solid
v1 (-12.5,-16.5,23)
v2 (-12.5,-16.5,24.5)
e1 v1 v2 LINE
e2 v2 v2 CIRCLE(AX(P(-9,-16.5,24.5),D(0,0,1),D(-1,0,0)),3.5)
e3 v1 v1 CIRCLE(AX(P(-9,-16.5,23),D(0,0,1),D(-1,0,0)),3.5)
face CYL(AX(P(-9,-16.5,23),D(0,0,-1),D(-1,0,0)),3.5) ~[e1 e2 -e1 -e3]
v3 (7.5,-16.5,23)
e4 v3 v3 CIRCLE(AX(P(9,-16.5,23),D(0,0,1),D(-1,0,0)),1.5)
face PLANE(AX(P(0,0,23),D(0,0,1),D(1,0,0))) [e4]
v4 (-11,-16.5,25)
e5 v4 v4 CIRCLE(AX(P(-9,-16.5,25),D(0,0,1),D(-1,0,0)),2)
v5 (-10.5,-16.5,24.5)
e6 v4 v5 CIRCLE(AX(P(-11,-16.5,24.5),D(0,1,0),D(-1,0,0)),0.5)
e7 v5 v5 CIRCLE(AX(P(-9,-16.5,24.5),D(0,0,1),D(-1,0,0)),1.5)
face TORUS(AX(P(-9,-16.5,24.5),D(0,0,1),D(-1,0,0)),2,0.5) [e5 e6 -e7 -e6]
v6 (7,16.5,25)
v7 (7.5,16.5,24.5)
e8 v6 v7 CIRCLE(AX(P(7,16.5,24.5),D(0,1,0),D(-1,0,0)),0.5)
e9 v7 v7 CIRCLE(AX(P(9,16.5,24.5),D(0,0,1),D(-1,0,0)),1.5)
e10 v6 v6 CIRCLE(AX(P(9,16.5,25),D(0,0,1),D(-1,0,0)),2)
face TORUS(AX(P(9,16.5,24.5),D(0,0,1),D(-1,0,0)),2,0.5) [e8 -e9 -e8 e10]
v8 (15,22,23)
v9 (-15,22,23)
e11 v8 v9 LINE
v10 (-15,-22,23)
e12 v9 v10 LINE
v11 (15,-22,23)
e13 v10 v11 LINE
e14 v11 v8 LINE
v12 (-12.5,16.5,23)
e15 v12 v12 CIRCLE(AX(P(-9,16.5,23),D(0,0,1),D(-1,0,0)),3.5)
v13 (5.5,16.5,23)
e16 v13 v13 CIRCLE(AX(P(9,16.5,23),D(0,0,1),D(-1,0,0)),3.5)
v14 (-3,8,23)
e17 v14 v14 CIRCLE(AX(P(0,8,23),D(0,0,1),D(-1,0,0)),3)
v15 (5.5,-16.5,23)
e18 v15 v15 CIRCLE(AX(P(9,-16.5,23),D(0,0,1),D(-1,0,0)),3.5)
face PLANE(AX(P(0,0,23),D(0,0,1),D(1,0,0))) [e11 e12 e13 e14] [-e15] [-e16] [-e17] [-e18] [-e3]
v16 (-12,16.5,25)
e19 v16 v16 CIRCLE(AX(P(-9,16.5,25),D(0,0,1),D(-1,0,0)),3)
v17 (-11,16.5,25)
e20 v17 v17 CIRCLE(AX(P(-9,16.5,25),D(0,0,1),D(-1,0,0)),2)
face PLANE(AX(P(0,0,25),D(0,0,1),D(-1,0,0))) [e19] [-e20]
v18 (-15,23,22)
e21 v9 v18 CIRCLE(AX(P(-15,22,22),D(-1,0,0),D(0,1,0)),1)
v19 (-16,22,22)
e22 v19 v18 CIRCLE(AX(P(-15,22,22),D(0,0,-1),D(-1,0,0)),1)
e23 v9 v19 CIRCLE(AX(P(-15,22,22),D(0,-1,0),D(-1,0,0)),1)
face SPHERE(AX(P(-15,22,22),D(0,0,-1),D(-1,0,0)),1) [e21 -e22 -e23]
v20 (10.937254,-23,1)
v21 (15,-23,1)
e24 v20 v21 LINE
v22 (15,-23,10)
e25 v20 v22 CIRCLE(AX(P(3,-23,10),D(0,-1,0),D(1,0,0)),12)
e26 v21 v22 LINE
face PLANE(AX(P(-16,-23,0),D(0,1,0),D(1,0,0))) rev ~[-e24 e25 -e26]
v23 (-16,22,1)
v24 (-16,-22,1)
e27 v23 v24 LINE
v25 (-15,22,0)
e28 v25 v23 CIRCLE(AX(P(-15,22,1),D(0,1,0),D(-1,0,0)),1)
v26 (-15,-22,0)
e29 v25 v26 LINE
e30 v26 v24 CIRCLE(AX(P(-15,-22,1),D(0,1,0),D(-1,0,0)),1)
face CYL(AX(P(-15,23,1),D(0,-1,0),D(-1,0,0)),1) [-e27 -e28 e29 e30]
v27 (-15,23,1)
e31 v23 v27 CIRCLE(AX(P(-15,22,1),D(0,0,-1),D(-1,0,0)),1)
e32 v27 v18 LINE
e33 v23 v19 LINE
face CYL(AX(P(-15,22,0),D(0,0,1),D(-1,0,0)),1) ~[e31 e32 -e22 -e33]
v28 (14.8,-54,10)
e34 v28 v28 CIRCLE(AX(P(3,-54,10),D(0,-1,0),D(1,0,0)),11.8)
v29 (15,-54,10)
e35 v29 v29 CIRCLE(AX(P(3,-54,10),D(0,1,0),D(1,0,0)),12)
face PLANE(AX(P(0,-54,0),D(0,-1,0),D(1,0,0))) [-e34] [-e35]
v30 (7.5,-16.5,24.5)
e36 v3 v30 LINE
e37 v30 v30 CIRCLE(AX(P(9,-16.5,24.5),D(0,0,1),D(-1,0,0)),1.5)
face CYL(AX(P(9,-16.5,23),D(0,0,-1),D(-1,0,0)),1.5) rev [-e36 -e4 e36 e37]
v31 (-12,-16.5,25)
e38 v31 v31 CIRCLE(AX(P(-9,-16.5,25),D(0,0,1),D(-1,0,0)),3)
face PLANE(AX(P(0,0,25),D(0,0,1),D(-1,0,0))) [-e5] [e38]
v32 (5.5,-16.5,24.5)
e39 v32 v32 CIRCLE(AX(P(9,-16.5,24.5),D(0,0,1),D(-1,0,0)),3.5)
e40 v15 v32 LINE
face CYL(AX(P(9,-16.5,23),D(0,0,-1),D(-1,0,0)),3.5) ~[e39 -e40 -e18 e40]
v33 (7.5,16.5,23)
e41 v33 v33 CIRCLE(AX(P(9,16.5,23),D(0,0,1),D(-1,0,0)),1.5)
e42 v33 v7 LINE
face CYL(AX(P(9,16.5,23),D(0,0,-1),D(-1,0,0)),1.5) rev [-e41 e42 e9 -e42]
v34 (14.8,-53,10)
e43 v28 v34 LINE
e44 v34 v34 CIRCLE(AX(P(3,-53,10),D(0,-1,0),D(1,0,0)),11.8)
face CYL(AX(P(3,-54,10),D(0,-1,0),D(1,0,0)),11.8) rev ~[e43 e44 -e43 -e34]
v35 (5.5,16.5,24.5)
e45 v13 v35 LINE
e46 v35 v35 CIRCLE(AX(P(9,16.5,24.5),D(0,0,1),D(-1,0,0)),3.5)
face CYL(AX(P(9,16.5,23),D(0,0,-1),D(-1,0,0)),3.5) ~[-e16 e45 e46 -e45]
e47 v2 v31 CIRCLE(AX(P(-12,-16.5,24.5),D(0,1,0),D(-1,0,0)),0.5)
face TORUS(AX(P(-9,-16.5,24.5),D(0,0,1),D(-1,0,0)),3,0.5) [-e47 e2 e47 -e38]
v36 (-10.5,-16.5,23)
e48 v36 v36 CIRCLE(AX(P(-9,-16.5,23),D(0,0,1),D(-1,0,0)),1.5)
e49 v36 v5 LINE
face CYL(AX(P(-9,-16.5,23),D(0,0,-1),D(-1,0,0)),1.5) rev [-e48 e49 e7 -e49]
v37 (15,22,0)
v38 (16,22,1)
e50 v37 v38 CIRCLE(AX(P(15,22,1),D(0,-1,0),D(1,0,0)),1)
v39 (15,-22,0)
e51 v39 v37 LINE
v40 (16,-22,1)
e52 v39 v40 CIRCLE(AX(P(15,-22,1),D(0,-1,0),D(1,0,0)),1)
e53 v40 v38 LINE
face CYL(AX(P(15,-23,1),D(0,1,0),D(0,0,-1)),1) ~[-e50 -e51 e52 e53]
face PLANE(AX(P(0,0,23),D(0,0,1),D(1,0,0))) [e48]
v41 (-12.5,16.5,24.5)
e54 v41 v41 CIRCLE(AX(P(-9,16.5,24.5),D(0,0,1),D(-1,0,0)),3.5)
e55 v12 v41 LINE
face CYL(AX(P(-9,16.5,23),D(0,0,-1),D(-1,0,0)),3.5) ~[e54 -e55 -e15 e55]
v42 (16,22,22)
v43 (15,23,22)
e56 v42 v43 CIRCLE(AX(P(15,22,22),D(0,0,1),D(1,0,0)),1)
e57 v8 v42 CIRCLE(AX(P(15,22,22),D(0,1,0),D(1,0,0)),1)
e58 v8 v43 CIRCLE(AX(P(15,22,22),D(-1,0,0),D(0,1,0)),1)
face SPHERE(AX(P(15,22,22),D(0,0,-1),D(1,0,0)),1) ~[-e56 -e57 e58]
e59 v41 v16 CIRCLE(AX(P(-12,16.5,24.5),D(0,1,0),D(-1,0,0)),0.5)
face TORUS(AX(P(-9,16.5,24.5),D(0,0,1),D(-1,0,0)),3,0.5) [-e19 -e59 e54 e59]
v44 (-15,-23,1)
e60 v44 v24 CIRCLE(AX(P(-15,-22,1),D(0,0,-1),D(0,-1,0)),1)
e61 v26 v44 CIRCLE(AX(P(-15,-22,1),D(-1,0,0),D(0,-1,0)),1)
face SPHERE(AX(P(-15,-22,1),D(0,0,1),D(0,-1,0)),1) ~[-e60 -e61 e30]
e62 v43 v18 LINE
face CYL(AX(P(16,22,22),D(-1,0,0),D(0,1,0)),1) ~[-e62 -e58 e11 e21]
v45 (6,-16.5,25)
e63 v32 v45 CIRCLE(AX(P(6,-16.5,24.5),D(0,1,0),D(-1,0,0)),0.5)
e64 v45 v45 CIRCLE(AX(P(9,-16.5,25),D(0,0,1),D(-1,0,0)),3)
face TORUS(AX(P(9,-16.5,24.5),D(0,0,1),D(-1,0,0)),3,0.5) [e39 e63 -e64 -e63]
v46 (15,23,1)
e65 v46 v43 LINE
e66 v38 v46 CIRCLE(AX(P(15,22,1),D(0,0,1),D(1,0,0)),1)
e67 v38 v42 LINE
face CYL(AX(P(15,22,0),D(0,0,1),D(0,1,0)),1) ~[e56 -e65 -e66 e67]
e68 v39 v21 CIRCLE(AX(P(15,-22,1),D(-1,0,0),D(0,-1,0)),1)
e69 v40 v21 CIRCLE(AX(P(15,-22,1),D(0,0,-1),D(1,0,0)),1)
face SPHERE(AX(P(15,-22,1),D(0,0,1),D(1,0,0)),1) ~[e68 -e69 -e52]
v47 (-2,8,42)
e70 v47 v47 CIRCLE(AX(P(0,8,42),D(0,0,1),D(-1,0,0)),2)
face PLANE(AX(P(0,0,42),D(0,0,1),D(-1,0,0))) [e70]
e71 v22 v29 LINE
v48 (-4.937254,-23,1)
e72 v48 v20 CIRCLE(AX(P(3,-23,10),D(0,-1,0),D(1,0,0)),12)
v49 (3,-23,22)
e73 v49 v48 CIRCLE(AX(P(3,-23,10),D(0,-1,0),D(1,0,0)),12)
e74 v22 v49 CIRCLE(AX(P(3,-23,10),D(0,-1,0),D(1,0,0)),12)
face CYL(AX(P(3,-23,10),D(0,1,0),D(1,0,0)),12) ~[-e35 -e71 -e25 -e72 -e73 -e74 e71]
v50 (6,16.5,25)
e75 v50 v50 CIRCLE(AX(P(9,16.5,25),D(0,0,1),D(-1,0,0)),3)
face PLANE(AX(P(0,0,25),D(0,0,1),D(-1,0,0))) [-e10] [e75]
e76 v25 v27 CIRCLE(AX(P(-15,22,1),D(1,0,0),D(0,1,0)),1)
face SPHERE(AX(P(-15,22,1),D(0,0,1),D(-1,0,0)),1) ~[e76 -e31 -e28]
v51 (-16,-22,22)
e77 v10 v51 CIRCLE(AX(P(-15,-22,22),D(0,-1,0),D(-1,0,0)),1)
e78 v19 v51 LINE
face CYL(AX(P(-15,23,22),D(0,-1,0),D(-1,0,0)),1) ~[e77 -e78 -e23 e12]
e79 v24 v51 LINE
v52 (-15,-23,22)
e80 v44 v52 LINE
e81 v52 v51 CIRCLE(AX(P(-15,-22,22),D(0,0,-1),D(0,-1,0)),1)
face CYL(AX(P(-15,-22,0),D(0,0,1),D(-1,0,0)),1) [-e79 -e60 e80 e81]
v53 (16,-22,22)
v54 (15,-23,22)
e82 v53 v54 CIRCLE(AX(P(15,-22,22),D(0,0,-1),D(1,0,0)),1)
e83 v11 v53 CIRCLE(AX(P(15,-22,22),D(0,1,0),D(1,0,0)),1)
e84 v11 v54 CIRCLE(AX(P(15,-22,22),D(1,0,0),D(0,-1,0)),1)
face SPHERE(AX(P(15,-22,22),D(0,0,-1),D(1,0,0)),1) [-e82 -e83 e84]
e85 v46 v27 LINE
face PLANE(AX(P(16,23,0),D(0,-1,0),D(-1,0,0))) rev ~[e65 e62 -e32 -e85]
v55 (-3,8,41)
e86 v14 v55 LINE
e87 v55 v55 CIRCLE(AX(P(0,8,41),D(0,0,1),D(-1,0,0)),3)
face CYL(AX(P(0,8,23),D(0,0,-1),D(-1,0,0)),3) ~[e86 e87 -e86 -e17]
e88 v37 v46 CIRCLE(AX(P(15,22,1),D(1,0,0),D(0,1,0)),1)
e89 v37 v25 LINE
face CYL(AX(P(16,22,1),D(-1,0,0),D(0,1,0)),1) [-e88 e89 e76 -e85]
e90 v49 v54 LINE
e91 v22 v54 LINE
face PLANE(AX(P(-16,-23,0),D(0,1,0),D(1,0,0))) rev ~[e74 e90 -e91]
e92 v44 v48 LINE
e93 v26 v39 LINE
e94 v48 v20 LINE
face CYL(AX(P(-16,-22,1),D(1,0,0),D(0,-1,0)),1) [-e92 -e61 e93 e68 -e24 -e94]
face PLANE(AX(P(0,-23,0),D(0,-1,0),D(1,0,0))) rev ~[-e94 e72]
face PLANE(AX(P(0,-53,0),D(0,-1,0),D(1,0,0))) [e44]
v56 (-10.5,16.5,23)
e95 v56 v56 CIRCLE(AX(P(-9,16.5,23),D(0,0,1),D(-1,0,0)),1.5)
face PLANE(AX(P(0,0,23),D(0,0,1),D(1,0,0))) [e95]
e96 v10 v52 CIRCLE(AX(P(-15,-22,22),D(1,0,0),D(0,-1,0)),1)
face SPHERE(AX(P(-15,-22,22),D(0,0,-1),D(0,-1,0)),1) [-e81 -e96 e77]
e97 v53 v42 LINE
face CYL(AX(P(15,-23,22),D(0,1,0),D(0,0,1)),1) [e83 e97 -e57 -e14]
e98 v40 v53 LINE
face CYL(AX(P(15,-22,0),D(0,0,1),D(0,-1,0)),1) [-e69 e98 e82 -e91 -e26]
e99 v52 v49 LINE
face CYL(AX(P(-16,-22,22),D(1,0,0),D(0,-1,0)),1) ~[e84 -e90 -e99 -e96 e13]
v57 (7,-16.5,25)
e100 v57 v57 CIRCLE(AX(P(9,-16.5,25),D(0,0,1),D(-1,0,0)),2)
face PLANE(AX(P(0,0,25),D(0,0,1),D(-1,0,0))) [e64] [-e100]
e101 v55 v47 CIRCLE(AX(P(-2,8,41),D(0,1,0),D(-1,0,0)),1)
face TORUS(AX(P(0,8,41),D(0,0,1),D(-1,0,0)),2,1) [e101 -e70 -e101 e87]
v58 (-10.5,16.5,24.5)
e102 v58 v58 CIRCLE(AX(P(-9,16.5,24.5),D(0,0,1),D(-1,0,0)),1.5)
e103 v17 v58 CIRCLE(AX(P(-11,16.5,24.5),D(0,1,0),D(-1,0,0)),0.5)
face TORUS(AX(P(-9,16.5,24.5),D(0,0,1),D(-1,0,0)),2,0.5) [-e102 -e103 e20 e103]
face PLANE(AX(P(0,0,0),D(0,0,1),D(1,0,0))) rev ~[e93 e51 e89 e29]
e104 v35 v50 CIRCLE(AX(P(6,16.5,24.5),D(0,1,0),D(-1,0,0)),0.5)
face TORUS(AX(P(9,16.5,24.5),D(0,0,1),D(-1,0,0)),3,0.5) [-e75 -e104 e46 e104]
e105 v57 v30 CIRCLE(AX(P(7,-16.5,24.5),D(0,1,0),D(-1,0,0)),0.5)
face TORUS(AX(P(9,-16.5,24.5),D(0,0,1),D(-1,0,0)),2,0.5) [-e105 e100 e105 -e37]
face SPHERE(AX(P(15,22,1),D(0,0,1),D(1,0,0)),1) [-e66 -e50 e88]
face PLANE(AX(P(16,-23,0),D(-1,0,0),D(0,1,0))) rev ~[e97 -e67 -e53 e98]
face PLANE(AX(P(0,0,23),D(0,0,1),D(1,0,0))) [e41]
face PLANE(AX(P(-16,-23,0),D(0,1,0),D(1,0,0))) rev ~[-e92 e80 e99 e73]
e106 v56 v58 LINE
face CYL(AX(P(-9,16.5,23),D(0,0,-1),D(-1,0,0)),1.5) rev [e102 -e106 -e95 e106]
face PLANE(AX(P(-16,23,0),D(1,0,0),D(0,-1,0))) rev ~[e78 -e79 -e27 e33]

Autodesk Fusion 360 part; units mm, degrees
sketch "Sketch1" plane through (0, 0, 0) normal (0, 0, 1) x (1, 0, 0)
  line L0 (-16, -23) -> (16, -23)
  line L1 (16, -23) -> (16, 23)
  line L2 (16, 23) -> (-16, 23)
  line L3 (-16, 23) -> (-16, -23)
  line L4 (-16, -23) -> (16, 23) construction
  line L5 (16, -23) -> (-16, 23) construction
  dimension "d1" = 46
  dimension "d2" = 32
extrude "Extrude1" add sketch "Sketch1" along normal blind 23
sketch "Sketch2" plane through (0, 0, 23) normal (0, 0, 1) x (-1, 0, 0)
  line L0 (16, -23) -> (16, 23)
  line L1 (16, 23) -> (-16, 23)
  line L2 (-16, 23) -> (-16, -23)
  line L3 (-16, -23) -> (16, -23)
  line L4 (-9, 16.5) -> (9, 16.5) construction
  line L5 (9, 16.5) -> (9, -16.5) construction
  line L6 (9, -16.5) -> (-9, -16.5) construction
  line L7 (-9, -16.5) -> (-9, 16.5) construction
  line L8 (-9, 16.5) -> (9, -16.5) construction
  line L9 (9, 16.5) -> (-9, -16.5) construction
  circle A0 centre (-9, -16.5) radius 3.5
  circle A1 centre (9, -16.5) radius 3.5
  circle A2 centre (-9, 16.5) radius 3.5
  circle A3 centre (9, 16.5) radius 3.5
  line L10 (0, -23) -> (0, 23) construction
  circle A4 centre (0, -8) radius 3
  circle A5 centre (9, -16.5) radius 1.5
  circle A6 centre (-9, -16.5) radius 1.5
  circle A7 centre (9, 16.5) radius 1.5
  circle A8 centre (-9, 16.5) radius 1.5
  dimension "d5" = 33
  dimension "d6" = 18
  dimension "d7" = 7
  dimension "d8" = 7
  dimension "d9" = 7
  dimension "d10" = 7
  dimension "d13" = 6
  dimension "d14" = 15
  dimension "d34" = 3
  dimension "d35" = 3
  dimension "d36" = 3
  dimension "d37" = 3
extrude "Extrude2" add sketch "Sketch2" along normal blind 2 contours A0 | A1 | A2 | A3
extrude "Extrude3" add sketch "Sketch2" along normal blind 19 contours A4
fillet "Fillet1" radius 1 4 faces at (16, -7.6667, 7.6667) (-5.3333, -23, 7.6667) (-16, 7.6667, 7.6667) (5.3333, 23, 7.6667)
fillet "Fillet2" radius 0.5 1 edges at (-5.7369, -15.2343, 25) 4 faces at (6.1853, 16.7484, 25) (6.1853, -16.2516, 25) (-11.8147, 16.7484, 25) (-11.8147, -16.2516, 25)
fillet "Fillet3" radius 1 1 faces at (0.5, 8.866, 42)
sketch "Sketch4" plane through (-3, 23, 11.5) normal (0, 1, 0) x (-1, 0, 0)
sketch "Sketch5" plane through (0, -23, 0) normal (0, -1, 0) x (1, 0, 0)
  line L0 (-15, 1) -> (15, 1)
  line L1 (15, 1) -> (15, 22)
  line L2 (15, 22) -> (-15, 22)
  line L3 (-15, 22) -> (-15, 1)
  circle A0 centre (3, 10) radius 12
  point P0 (16, 22)
  dimension "d25" = 24
  dimension "d26" = 10
  dimension "d27" = 13
extrude "Extrude5" add sketch "Sketch5" along normal blind 31 contours L0 A0 | L0 A0
sketch "Sketch8" plane through (0, -54, 0) normal (0, -1, 0) x (1, 0, 0)
  circle A0 centre (3, 10) radius 12
  circle A1 centre (3, 10) radius 11.8
  dimension "d31" = -0.2
extrude "Extrude6" cut sketch "Sketch8" against normal blind 1 contours A1
